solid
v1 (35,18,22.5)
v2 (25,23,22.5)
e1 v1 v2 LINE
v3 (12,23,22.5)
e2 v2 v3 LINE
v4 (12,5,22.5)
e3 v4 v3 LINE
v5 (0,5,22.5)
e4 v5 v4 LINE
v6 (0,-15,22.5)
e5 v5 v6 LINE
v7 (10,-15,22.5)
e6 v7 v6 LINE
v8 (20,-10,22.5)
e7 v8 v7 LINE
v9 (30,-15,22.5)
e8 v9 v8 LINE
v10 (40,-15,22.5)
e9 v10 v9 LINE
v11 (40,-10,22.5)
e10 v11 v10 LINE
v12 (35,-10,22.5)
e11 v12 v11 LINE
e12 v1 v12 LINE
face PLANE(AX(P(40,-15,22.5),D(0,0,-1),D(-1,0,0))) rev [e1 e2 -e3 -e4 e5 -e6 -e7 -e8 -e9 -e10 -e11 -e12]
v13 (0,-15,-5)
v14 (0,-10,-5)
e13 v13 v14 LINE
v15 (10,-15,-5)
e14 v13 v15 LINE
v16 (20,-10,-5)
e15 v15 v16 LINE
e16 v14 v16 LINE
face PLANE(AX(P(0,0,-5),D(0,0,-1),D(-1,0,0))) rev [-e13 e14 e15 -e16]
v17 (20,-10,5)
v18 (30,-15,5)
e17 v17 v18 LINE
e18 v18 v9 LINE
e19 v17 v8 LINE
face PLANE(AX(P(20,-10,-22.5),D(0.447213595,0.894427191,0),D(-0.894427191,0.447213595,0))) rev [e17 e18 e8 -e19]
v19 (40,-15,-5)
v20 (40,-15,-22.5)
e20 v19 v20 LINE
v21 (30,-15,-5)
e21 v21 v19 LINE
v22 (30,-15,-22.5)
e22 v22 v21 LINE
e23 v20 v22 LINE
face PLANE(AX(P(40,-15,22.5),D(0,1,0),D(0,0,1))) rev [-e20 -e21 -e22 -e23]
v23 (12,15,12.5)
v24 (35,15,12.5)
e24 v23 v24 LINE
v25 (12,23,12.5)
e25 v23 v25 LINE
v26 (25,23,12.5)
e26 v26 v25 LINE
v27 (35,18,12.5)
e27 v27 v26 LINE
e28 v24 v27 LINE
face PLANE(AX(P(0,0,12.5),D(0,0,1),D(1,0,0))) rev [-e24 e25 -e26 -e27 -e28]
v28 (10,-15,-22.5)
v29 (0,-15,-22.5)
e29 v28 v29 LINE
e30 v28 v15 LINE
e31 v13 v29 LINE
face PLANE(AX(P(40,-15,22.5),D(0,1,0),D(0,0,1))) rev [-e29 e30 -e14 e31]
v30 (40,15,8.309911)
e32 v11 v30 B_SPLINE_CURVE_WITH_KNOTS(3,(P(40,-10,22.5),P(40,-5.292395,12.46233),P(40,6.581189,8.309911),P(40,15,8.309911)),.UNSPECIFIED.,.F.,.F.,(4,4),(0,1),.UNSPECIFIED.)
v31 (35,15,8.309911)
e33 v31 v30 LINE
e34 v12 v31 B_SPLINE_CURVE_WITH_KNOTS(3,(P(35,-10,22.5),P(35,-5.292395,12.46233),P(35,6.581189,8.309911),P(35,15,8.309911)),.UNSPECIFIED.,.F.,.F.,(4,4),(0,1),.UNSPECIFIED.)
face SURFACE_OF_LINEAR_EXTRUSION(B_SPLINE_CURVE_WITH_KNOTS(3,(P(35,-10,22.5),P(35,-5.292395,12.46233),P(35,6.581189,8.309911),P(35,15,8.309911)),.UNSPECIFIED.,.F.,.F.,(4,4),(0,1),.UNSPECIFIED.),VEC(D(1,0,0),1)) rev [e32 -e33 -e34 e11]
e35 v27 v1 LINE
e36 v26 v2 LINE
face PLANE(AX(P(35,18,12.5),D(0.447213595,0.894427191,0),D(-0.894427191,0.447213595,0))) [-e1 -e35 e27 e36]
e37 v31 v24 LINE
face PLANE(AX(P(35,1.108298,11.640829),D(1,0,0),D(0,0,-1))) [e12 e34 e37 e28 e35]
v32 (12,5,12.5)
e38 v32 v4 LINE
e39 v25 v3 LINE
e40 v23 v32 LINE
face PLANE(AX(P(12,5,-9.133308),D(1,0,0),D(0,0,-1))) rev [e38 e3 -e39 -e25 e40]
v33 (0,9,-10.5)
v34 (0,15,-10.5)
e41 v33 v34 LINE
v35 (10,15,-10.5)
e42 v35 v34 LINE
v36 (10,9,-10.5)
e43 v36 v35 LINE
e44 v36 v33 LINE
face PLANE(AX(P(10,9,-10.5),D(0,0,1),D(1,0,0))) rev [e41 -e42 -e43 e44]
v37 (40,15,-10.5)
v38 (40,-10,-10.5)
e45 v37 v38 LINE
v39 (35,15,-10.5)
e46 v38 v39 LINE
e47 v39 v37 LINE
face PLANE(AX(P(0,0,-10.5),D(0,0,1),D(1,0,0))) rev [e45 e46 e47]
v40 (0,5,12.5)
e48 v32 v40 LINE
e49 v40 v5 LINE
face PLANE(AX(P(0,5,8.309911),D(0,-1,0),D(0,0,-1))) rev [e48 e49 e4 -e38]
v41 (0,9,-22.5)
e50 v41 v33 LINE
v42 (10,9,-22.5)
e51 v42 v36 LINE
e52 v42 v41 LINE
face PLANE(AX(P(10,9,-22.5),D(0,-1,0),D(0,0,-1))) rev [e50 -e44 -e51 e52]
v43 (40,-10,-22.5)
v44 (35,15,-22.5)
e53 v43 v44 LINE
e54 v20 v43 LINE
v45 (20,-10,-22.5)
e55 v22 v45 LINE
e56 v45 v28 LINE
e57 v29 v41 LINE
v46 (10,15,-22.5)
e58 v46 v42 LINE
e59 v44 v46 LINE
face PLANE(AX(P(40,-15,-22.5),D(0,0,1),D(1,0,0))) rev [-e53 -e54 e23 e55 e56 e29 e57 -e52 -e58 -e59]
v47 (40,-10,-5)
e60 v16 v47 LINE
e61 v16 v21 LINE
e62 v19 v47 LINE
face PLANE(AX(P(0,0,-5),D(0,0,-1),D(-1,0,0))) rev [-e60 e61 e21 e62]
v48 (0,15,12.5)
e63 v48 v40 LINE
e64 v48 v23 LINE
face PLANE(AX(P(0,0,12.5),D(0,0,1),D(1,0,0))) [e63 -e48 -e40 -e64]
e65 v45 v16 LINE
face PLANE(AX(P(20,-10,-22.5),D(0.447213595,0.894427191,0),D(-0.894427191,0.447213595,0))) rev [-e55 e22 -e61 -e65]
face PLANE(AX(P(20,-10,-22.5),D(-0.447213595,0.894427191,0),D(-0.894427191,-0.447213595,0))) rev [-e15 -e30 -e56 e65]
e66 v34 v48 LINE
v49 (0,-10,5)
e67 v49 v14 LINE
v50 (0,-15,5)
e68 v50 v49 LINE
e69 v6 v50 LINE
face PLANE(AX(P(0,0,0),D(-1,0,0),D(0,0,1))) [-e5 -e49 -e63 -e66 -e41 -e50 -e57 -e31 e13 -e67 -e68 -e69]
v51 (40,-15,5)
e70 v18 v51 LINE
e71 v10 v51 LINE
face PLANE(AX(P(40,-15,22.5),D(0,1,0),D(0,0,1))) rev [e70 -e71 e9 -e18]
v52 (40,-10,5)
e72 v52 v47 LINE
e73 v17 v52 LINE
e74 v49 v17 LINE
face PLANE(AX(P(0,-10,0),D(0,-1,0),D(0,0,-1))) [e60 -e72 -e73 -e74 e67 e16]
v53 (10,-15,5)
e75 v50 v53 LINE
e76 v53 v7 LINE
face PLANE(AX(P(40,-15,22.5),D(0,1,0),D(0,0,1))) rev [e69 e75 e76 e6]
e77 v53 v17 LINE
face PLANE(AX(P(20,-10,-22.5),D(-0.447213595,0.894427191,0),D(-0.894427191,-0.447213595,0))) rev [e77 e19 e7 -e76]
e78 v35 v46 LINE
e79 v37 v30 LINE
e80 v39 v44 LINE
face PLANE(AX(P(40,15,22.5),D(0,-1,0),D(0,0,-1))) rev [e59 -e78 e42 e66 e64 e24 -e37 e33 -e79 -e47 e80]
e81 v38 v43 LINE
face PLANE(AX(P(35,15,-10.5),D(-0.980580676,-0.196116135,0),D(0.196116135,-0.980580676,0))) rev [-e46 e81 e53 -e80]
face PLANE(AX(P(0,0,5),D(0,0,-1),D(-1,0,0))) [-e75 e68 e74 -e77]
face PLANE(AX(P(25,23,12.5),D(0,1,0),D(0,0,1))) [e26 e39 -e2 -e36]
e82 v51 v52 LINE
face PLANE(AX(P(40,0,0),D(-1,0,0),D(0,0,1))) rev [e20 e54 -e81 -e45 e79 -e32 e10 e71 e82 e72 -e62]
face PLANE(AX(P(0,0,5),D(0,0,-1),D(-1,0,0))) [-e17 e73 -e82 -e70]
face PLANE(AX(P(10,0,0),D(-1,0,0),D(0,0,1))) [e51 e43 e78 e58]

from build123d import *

# Parameters (mm, degrees)
SKETCH_1_W          = 45
SKETCH_1_H          = 30
EXTRUDE_1_DEPTH     = 40
SKETCH_2_W          = 10
SKETCH_2_H          = 3
SKETCH_2_H_2        = 2
CUT_EXTRUDE_1_DEPTH = 49.28301979
CUT_EXTRUDE_2_DEPTH = 5
CUT_EXTRUDE_3_DEPTH = 12
CUT_EXTRUDE_4_DEPTH = 63.048368391
SKETCH_6_W          = 5
SKETCH_6_H          = 10
CUT_EXTRUDE_5_DEPTH = 14.19009
EXTRUDE_2_DEPTH     = 10
SKETCH_8_W          = 12
SKETCH_8_H          = 6
CUT_EXTRUDE_6_DEPTH = 10
SKETCH_9_W          = 12
SKETCH_9_H          = 18
CUT_EXTRUDE_7_DEPTH = 10
EXTRUDE_START       = -1e-06
SKETCH_10_W         = 5
SKETCH_10_H         = 10
EXTRUDE_3_DEPTH     = 4.19009
EXTRUDE_4_DEPTH     = 10


with BuildPart() as part:
    # Эскиз1 → Бобышка-Вытянуть1 (new body)
    with BuildSketch(Plane(origin=(0, 0, 0), x_dir=(0, 0, -1), z_dir=(1, 0, 0))):
        Rectangle(SKETCH_1_W, SKETCH_1_H)
    extrude(amount=EXTRUDE_1_DEPTH)

    # Эскиз2 → Вырез-Вытянуть1 (cut, through all)
    with BuildSketch(Plane(origin=(40, 0, 0), x_dir=(0, 0, -1), z_dir=(1, 0, 0))):
        with Locations((0, -11.5)):
            Rectangle(SKETCH_2_W, SKETCH_2_H)
        with Locations((0, -14)):
            Rectangle(SKETCH_2_W, SKETCH_2_H_2)
    extrude(amount=-CUT_EXTRUDE_1_DEPTH, mode=Mode.SUBTRACT)

    # Эскиз3 → Вырез-Вытянуть2 (cut)
    with BuildSketch(Plane(origin=(40, 0, 0), x_dir=(0, 0, -1), z_dir=(1, 0, 0))):
        with BuildLine():
            Line((-22.5, 15), (-22.5, -10))
            add(Edge.make_bspline(
                [(-8.309911122, 15), (-8.309911122, 6.581189356), (-12.462330184, -5.292395359), (-22.5, -10)],
                knots=[0, 0, 0, 0, 1, 1, 1, 1], degree=3))
            Line((-8.309911122, 15), (-22.5, 15))
        make_face()
    extrude(amount=-CUT_EXTRUDE_2_DEPTH, mode=Mode.SUBTRACT)

    # Эскиз4 → Вырез-Вытянуть3 (cut)
    with BuildSketch(Plane(origin=(0, 0, -22.5), x_dir=(-1, 0, 0), z_dir=(0, 0, -1))):
        Polygon((-40, 15), (-35, 15), (-40, -10), align=None)
    extrude(amount=-CUT_EXTRUDE_3_DEPTH, mode=Mode.SUBTRACT)

    # Эскиз5 → Вырез-Вытянуть4 (cut, through all)
    with BuildSketch(Plane.XY.offset(22.5)):
        Polygon((20, -10), (30, -15), (10, -15), align=None)
    extrude(amount=-CUT_EXTRUDE_4_DEPTH, mode=Mode.SUBTRACT)

    # Эскиз6 → Вырез-Вытянуть5 (cut)
    with BuildSketch(Plane.XY.offset(22.5)):
        with Locations((2.5, 10)):
            Rectangle(SKETCH_6_W, SKETCH_6_H)
    extrude(amount=-CUT_EXTRUDE_5_DEPTH, mode=Mode.SUBTRACT)

    # Эскиз7 → Бобышка-Вытянуть2 (add)
    with BuildSketch(Plane.XY.offset(22.5)):
        Polygon((35, 15), (35, 18), (25, 23), (15, 23), (5, 18), (5, 15), align=None)
    extrude(amount=-EXTRUDE_2_DEPTH)

    # Эскиз8 → Вырез-Вытянуть6 (cut)
    with BuildSketch(Plane.ZY):
        with Locations((-16.5, 12)):
            Rectangle(SKETCH_8_W, SKETCH_8_H)
    extrude(amount=-CUT_EXTRUDE_6_DEPTH, mode=Mode.SUBTRACT)

    # Эскиз9 → Вырез-Вытянуть7 (cut)
    with BuildSketch(Plane.XY.offset(22.5)):
        with Locations((6, 14)):
            Rectangle(SKETCH_9_W, SKETCH_9_H)
    extrude(amount=-CUT_EXTRUDE_7_DEPTH, mode=Mode.SUBTRACT)

    # Эскиз10 → Бобышка-Вытянуть3 (add)
    with BuildSketch(Plane.XY.offset(8.309911122).offset(EXTRUDE_START)):
        with Locations((2.5, 10)):
            Rectangle(SKETCH_10_W, SKETCH_10_H)
    extrude(amount=EXTRUDE_3_DEPTH)

    # Эскиз11 → Бобышка-Вытянуть4 (add)
    with BuildSketch(Plane.XY.offset(22.5)):
        Polygon((15, 23), (12, 21.5), (12, 23), align=None)
    extrude(amount=-EXTRUDE_4_DEPTH)


solid = part.part
